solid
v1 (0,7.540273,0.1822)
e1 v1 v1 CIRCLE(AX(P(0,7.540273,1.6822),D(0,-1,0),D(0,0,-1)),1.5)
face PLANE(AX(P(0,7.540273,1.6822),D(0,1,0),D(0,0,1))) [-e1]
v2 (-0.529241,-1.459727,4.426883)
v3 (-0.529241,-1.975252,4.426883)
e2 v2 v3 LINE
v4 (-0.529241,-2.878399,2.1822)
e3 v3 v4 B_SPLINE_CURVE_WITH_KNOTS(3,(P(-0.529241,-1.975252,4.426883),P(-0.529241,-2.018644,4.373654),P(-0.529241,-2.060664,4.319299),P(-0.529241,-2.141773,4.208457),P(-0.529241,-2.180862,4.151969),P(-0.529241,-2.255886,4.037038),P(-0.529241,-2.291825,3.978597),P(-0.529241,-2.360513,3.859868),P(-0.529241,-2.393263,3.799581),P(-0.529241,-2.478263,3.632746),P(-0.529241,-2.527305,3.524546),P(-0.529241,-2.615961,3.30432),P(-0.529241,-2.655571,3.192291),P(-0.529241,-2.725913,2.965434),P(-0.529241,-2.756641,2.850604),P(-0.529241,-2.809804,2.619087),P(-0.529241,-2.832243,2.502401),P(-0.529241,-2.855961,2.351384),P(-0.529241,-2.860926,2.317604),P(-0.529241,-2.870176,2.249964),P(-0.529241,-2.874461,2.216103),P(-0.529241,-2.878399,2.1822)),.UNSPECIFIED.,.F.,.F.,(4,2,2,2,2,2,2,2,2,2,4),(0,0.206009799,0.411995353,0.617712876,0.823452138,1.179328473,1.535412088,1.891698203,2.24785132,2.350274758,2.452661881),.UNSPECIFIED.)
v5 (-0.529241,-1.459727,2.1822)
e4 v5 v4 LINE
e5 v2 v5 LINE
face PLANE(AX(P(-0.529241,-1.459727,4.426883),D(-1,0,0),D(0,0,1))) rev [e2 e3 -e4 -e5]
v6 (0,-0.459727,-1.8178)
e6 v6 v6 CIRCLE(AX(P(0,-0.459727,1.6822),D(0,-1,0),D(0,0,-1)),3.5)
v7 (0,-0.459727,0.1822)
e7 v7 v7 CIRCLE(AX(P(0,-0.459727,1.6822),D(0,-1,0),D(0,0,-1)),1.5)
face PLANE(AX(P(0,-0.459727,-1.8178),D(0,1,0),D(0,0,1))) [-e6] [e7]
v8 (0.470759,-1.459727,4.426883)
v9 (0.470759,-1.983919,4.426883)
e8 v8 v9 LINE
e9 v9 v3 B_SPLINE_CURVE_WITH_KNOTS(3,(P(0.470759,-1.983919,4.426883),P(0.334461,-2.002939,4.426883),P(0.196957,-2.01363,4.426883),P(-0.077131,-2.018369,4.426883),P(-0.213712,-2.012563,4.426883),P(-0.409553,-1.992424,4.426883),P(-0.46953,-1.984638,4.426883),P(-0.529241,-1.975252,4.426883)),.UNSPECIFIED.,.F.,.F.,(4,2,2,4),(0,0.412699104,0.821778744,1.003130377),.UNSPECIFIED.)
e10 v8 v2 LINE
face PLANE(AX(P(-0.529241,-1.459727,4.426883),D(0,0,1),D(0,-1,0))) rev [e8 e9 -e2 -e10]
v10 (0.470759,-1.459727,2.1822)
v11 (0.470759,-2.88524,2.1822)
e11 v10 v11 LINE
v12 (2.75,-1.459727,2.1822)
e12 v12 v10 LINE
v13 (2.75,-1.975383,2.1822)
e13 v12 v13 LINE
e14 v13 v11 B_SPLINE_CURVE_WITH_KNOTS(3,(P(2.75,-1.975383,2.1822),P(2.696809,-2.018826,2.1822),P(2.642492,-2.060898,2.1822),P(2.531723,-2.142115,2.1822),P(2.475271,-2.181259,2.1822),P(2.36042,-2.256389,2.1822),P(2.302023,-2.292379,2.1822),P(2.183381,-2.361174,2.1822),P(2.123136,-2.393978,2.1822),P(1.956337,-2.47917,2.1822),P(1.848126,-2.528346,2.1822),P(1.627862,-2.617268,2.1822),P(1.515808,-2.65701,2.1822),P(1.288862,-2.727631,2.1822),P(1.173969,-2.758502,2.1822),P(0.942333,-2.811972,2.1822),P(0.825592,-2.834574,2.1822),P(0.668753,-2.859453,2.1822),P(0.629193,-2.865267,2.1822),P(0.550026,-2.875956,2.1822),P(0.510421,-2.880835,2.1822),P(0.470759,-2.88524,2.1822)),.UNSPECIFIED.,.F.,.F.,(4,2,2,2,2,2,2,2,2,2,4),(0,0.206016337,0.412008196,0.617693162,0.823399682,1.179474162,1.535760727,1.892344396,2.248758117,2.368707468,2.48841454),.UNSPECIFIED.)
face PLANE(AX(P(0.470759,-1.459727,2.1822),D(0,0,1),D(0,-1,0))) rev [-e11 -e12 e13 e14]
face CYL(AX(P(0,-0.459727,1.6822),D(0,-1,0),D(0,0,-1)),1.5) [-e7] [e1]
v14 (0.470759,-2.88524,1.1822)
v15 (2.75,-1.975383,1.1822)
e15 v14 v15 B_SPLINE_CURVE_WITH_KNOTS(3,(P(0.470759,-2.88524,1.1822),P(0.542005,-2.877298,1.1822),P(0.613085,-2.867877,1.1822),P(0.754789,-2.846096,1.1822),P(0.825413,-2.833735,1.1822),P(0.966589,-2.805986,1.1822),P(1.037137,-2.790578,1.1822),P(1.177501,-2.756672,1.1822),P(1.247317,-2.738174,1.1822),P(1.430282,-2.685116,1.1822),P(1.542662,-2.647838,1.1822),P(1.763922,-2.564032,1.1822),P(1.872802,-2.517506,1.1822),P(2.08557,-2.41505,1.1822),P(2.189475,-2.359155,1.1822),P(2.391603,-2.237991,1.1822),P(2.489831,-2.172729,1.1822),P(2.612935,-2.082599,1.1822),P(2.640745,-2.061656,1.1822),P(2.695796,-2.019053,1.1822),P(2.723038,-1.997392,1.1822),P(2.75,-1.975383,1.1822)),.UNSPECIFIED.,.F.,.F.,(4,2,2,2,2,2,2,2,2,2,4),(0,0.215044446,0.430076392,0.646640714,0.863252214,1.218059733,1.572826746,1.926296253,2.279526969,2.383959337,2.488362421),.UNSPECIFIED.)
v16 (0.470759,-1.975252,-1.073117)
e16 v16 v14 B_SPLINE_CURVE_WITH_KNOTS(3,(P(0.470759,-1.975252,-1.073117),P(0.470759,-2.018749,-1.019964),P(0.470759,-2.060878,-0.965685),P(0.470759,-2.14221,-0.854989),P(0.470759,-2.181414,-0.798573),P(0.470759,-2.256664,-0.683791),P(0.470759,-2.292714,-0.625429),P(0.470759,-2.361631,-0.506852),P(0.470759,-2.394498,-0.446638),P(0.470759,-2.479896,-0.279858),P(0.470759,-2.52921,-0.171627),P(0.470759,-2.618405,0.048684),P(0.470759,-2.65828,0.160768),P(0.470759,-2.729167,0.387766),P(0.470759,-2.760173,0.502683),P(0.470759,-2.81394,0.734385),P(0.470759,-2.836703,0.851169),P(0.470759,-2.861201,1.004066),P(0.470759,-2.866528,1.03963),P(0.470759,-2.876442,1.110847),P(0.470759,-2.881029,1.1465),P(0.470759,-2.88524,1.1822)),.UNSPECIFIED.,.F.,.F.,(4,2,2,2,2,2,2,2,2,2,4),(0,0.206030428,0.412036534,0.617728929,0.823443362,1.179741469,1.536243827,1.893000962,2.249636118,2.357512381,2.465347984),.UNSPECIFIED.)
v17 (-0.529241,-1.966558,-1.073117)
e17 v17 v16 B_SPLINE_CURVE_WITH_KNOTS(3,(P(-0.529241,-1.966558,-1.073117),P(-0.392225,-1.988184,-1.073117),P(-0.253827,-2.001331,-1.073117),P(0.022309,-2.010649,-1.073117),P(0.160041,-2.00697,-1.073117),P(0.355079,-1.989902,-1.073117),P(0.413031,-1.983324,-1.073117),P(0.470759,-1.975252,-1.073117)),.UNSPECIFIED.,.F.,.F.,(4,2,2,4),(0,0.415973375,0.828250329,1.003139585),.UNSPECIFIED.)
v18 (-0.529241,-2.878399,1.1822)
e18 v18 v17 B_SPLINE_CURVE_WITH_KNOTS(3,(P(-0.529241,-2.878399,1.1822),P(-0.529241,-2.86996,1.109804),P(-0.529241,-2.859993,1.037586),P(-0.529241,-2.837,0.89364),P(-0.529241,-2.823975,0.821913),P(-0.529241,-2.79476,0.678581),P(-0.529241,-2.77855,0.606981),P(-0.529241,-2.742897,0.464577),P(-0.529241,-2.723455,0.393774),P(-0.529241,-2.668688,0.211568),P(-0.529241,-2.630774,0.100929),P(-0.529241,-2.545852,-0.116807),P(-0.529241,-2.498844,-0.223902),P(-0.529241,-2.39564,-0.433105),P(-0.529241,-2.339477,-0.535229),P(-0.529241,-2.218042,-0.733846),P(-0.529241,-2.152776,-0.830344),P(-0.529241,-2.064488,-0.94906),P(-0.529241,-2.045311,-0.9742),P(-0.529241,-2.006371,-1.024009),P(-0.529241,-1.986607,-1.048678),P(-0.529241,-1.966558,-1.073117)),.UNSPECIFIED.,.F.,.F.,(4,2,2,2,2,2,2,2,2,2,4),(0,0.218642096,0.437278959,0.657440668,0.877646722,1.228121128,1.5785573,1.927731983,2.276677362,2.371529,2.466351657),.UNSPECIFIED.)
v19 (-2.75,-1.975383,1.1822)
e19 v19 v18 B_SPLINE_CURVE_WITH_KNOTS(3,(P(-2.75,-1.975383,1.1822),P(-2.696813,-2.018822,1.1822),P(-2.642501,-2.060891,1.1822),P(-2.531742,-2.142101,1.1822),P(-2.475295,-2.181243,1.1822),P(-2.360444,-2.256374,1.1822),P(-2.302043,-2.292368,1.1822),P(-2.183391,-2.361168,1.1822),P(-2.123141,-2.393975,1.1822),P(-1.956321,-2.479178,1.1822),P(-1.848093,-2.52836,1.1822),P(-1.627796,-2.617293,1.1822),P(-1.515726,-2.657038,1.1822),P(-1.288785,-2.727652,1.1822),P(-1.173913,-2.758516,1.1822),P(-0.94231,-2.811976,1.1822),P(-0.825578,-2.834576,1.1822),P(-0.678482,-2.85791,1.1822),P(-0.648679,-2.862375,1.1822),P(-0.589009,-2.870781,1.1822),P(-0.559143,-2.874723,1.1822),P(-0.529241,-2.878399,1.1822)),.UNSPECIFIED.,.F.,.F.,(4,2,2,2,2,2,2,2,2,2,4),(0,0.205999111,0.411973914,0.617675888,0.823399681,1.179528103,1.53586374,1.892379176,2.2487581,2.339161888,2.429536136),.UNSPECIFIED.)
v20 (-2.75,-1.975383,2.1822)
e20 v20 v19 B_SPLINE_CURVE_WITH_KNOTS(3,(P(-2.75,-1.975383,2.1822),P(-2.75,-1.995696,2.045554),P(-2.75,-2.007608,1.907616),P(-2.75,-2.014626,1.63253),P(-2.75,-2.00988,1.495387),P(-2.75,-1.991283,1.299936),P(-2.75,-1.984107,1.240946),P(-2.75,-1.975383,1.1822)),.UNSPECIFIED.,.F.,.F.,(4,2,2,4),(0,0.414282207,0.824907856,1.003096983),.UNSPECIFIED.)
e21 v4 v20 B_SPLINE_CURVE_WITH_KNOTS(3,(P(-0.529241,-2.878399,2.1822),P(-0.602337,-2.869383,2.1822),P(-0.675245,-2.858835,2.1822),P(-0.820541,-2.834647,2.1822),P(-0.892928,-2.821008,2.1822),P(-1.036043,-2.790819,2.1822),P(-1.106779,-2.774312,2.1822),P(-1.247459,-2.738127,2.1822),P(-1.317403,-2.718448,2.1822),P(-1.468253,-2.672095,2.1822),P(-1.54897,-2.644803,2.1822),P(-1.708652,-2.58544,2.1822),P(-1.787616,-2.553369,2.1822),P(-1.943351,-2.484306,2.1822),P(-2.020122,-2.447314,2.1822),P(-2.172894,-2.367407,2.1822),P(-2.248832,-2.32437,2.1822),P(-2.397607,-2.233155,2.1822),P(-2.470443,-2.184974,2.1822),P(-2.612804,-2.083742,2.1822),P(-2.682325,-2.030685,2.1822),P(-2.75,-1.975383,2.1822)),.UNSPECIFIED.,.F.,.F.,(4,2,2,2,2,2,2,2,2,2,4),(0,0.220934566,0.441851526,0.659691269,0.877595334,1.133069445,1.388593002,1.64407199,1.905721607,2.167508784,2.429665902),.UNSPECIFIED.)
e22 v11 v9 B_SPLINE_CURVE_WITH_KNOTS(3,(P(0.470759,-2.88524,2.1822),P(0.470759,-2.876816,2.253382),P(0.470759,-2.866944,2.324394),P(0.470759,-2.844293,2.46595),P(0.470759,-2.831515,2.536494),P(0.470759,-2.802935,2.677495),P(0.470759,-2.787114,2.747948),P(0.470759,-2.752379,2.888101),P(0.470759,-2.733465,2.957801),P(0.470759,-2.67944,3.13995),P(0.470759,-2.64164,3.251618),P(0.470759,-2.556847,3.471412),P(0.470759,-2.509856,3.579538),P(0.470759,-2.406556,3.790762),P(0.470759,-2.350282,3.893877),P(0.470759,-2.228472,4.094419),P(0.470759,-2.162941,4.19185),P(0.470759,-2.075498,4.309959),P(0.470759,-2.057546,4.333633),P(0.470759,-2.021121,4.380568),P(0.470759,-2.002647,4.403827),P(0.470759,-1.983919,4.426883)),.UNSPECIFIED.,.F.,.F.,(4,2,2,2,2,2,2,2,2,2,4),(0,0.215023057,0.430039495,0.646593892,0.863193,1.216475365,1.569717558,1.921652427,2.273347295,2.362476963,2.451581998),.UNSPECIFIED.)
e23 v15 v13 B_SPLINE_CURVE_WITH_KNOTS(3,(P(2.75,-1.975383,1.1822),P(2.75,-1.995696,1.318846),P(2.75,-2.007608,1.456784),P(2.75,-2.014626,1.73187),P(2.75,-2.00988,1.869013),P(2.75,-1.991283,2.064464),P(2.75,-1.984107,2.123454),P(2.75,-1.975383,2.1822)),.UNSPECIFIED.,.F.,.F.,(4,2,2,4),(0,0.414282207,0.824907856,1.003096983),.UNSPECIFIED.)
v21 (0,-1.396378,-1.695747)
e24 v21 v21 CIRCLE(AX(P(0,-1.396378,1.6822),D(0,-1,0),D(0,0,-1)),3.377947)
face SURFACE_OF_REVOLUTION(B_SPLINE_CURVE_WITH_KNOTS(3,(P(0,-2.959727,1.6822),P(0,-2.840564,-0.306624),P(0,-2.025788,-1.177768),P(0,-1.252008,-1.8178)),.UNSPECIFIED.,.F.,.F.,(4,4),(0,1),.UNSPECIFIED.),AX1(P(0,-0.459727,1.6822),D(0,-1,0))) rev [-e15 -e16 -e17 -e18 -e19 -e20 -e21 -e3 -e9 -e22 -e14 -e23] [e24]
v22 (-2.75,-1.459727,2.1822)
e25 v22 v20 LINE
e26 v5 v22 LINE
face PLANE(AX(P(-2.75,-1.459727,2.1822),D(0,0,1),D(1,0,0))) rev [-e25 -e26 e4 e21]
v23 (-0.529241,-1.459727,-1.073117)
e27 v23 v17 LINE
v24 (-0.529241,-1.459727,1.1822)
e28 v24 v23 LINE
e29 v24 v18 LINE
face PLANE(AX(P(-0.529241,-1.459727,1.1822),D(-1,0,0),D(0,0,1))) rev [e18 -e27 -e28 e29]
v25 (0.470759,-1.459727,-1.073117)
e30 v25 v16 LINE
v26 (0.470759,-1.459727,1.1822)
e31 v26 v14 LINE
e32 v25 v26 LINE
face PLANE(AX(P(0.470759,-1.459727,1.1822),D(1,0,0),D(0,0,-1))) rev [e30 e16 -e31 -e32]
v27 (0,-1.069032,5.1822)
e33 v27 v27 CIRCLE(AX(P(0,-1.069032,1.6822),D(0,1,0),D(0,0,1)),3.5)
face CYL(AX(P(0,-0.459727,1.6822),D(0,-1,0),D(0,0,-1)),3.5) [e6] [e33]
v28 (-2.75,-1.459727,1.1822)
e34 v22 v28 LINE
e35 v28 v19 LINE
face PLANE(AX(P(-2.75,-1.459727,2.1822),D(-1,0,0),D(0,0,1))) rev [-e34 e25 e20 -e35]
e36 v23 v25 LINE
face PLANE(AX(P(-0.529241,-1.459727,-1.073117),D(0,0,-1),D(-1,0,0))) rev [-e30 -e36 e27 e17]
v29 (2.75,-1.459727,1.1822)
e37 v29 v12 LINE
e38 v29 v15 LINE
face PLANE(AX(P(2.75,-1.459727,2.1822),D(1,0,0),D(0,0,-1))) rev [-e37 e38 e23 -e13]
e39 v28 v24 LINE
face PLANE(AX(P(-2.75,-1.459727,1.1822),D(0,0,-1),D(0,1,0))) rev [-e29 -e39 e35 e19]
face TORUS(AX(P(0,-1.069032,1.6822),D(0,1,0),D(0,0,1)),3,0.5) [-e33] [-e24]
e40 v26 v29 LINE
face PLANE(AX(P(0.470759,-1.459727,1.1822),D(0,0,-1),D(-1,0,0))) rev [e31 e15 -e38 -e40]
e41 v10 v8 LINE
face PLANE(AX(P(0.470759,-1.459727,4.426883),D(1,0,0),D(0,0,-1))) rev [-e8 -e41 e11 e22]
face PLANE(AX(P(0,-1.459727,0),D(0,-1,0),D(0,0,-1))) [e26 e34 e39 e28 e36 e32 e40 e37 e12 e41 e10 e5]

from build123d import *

# Parameters (mm, degrees)
FILLET_1_R          = 0.5
CUT_EXTRUDE_1_DEPTH = 1.5


with BuildPart() as part:
    # 草图2 → 旋转1 (revolve)
    with BuildSketch(Plane(origin=(0, 0, 0), x_dir=(0, 0, -1), z_dir=(1, 0, 0))):
        with BuildLine():
            Line((1.817800027, -0.459726703), (-0.182199973, -0.459726703))
            Line((-0.182199973, -0.459726703), (-0.182199973, 7.540273297))
            Line((-0.182199973, 7.540273297), (-1.682199973, 7.540273297))
            Line((-1.682199973, 7.540273297), (-1.682199973, -0.459726703))
            Line((-1.682199973, -0.459726703), (-1.682199973, -2.959726703))
            add(Edge.make_bspline(
                [(1.817800027, -1.252007585), (1.177768259, -2.02578844), (0.30662425, -2.840564308), (-1.682199973, -2.959726703)],
                knots=[0, 0, 0, 0, 1, 1, 1, 1], degree=3))
            Line((1.817800027, -1.252007585), (1.817800027, -0.459726703))
        make_face()
    revolve(axis=Axis((0, -0.459726703, 1.682199973), (0, 1, 0)))

    # 圆角1
    fillet_1_edges = [part.edges().sort_by_distance(p)[0] for p in [
        (0, -1.252007585, 5.182199973),
    ]]
    fillet(fillet_1_edges, radius=FILLET_1_R)

    # 草图3 → 切除-拉伸1 (cut)
    with BuildSketch(Plane(origin=(0, -2.959726703, 0), x_dir=(-1, 0, 0), z_dir=(0, -1, 0))):
        Polygon((-0.470758808, -1.182199973), (-2.75, -1.182199973), (-2.75, -2.182199973), (-0.470758808, -2.182199973), (-0.470758808, -4.426883393), (0.529241192, -4.426883393), (0.529241192, -2.182199973), (2.75, -2.182199973), (2.75, -1.182199973), (0.529241192, -1.182199973), (0.529241192, 1.073116607), (-0.470758808, 1.073116607), align=None)
    extrude(amount=-CUT_EXTRUDE_1_DEPTH, mode=Mode.SUBTRACT)


solid = part.part
